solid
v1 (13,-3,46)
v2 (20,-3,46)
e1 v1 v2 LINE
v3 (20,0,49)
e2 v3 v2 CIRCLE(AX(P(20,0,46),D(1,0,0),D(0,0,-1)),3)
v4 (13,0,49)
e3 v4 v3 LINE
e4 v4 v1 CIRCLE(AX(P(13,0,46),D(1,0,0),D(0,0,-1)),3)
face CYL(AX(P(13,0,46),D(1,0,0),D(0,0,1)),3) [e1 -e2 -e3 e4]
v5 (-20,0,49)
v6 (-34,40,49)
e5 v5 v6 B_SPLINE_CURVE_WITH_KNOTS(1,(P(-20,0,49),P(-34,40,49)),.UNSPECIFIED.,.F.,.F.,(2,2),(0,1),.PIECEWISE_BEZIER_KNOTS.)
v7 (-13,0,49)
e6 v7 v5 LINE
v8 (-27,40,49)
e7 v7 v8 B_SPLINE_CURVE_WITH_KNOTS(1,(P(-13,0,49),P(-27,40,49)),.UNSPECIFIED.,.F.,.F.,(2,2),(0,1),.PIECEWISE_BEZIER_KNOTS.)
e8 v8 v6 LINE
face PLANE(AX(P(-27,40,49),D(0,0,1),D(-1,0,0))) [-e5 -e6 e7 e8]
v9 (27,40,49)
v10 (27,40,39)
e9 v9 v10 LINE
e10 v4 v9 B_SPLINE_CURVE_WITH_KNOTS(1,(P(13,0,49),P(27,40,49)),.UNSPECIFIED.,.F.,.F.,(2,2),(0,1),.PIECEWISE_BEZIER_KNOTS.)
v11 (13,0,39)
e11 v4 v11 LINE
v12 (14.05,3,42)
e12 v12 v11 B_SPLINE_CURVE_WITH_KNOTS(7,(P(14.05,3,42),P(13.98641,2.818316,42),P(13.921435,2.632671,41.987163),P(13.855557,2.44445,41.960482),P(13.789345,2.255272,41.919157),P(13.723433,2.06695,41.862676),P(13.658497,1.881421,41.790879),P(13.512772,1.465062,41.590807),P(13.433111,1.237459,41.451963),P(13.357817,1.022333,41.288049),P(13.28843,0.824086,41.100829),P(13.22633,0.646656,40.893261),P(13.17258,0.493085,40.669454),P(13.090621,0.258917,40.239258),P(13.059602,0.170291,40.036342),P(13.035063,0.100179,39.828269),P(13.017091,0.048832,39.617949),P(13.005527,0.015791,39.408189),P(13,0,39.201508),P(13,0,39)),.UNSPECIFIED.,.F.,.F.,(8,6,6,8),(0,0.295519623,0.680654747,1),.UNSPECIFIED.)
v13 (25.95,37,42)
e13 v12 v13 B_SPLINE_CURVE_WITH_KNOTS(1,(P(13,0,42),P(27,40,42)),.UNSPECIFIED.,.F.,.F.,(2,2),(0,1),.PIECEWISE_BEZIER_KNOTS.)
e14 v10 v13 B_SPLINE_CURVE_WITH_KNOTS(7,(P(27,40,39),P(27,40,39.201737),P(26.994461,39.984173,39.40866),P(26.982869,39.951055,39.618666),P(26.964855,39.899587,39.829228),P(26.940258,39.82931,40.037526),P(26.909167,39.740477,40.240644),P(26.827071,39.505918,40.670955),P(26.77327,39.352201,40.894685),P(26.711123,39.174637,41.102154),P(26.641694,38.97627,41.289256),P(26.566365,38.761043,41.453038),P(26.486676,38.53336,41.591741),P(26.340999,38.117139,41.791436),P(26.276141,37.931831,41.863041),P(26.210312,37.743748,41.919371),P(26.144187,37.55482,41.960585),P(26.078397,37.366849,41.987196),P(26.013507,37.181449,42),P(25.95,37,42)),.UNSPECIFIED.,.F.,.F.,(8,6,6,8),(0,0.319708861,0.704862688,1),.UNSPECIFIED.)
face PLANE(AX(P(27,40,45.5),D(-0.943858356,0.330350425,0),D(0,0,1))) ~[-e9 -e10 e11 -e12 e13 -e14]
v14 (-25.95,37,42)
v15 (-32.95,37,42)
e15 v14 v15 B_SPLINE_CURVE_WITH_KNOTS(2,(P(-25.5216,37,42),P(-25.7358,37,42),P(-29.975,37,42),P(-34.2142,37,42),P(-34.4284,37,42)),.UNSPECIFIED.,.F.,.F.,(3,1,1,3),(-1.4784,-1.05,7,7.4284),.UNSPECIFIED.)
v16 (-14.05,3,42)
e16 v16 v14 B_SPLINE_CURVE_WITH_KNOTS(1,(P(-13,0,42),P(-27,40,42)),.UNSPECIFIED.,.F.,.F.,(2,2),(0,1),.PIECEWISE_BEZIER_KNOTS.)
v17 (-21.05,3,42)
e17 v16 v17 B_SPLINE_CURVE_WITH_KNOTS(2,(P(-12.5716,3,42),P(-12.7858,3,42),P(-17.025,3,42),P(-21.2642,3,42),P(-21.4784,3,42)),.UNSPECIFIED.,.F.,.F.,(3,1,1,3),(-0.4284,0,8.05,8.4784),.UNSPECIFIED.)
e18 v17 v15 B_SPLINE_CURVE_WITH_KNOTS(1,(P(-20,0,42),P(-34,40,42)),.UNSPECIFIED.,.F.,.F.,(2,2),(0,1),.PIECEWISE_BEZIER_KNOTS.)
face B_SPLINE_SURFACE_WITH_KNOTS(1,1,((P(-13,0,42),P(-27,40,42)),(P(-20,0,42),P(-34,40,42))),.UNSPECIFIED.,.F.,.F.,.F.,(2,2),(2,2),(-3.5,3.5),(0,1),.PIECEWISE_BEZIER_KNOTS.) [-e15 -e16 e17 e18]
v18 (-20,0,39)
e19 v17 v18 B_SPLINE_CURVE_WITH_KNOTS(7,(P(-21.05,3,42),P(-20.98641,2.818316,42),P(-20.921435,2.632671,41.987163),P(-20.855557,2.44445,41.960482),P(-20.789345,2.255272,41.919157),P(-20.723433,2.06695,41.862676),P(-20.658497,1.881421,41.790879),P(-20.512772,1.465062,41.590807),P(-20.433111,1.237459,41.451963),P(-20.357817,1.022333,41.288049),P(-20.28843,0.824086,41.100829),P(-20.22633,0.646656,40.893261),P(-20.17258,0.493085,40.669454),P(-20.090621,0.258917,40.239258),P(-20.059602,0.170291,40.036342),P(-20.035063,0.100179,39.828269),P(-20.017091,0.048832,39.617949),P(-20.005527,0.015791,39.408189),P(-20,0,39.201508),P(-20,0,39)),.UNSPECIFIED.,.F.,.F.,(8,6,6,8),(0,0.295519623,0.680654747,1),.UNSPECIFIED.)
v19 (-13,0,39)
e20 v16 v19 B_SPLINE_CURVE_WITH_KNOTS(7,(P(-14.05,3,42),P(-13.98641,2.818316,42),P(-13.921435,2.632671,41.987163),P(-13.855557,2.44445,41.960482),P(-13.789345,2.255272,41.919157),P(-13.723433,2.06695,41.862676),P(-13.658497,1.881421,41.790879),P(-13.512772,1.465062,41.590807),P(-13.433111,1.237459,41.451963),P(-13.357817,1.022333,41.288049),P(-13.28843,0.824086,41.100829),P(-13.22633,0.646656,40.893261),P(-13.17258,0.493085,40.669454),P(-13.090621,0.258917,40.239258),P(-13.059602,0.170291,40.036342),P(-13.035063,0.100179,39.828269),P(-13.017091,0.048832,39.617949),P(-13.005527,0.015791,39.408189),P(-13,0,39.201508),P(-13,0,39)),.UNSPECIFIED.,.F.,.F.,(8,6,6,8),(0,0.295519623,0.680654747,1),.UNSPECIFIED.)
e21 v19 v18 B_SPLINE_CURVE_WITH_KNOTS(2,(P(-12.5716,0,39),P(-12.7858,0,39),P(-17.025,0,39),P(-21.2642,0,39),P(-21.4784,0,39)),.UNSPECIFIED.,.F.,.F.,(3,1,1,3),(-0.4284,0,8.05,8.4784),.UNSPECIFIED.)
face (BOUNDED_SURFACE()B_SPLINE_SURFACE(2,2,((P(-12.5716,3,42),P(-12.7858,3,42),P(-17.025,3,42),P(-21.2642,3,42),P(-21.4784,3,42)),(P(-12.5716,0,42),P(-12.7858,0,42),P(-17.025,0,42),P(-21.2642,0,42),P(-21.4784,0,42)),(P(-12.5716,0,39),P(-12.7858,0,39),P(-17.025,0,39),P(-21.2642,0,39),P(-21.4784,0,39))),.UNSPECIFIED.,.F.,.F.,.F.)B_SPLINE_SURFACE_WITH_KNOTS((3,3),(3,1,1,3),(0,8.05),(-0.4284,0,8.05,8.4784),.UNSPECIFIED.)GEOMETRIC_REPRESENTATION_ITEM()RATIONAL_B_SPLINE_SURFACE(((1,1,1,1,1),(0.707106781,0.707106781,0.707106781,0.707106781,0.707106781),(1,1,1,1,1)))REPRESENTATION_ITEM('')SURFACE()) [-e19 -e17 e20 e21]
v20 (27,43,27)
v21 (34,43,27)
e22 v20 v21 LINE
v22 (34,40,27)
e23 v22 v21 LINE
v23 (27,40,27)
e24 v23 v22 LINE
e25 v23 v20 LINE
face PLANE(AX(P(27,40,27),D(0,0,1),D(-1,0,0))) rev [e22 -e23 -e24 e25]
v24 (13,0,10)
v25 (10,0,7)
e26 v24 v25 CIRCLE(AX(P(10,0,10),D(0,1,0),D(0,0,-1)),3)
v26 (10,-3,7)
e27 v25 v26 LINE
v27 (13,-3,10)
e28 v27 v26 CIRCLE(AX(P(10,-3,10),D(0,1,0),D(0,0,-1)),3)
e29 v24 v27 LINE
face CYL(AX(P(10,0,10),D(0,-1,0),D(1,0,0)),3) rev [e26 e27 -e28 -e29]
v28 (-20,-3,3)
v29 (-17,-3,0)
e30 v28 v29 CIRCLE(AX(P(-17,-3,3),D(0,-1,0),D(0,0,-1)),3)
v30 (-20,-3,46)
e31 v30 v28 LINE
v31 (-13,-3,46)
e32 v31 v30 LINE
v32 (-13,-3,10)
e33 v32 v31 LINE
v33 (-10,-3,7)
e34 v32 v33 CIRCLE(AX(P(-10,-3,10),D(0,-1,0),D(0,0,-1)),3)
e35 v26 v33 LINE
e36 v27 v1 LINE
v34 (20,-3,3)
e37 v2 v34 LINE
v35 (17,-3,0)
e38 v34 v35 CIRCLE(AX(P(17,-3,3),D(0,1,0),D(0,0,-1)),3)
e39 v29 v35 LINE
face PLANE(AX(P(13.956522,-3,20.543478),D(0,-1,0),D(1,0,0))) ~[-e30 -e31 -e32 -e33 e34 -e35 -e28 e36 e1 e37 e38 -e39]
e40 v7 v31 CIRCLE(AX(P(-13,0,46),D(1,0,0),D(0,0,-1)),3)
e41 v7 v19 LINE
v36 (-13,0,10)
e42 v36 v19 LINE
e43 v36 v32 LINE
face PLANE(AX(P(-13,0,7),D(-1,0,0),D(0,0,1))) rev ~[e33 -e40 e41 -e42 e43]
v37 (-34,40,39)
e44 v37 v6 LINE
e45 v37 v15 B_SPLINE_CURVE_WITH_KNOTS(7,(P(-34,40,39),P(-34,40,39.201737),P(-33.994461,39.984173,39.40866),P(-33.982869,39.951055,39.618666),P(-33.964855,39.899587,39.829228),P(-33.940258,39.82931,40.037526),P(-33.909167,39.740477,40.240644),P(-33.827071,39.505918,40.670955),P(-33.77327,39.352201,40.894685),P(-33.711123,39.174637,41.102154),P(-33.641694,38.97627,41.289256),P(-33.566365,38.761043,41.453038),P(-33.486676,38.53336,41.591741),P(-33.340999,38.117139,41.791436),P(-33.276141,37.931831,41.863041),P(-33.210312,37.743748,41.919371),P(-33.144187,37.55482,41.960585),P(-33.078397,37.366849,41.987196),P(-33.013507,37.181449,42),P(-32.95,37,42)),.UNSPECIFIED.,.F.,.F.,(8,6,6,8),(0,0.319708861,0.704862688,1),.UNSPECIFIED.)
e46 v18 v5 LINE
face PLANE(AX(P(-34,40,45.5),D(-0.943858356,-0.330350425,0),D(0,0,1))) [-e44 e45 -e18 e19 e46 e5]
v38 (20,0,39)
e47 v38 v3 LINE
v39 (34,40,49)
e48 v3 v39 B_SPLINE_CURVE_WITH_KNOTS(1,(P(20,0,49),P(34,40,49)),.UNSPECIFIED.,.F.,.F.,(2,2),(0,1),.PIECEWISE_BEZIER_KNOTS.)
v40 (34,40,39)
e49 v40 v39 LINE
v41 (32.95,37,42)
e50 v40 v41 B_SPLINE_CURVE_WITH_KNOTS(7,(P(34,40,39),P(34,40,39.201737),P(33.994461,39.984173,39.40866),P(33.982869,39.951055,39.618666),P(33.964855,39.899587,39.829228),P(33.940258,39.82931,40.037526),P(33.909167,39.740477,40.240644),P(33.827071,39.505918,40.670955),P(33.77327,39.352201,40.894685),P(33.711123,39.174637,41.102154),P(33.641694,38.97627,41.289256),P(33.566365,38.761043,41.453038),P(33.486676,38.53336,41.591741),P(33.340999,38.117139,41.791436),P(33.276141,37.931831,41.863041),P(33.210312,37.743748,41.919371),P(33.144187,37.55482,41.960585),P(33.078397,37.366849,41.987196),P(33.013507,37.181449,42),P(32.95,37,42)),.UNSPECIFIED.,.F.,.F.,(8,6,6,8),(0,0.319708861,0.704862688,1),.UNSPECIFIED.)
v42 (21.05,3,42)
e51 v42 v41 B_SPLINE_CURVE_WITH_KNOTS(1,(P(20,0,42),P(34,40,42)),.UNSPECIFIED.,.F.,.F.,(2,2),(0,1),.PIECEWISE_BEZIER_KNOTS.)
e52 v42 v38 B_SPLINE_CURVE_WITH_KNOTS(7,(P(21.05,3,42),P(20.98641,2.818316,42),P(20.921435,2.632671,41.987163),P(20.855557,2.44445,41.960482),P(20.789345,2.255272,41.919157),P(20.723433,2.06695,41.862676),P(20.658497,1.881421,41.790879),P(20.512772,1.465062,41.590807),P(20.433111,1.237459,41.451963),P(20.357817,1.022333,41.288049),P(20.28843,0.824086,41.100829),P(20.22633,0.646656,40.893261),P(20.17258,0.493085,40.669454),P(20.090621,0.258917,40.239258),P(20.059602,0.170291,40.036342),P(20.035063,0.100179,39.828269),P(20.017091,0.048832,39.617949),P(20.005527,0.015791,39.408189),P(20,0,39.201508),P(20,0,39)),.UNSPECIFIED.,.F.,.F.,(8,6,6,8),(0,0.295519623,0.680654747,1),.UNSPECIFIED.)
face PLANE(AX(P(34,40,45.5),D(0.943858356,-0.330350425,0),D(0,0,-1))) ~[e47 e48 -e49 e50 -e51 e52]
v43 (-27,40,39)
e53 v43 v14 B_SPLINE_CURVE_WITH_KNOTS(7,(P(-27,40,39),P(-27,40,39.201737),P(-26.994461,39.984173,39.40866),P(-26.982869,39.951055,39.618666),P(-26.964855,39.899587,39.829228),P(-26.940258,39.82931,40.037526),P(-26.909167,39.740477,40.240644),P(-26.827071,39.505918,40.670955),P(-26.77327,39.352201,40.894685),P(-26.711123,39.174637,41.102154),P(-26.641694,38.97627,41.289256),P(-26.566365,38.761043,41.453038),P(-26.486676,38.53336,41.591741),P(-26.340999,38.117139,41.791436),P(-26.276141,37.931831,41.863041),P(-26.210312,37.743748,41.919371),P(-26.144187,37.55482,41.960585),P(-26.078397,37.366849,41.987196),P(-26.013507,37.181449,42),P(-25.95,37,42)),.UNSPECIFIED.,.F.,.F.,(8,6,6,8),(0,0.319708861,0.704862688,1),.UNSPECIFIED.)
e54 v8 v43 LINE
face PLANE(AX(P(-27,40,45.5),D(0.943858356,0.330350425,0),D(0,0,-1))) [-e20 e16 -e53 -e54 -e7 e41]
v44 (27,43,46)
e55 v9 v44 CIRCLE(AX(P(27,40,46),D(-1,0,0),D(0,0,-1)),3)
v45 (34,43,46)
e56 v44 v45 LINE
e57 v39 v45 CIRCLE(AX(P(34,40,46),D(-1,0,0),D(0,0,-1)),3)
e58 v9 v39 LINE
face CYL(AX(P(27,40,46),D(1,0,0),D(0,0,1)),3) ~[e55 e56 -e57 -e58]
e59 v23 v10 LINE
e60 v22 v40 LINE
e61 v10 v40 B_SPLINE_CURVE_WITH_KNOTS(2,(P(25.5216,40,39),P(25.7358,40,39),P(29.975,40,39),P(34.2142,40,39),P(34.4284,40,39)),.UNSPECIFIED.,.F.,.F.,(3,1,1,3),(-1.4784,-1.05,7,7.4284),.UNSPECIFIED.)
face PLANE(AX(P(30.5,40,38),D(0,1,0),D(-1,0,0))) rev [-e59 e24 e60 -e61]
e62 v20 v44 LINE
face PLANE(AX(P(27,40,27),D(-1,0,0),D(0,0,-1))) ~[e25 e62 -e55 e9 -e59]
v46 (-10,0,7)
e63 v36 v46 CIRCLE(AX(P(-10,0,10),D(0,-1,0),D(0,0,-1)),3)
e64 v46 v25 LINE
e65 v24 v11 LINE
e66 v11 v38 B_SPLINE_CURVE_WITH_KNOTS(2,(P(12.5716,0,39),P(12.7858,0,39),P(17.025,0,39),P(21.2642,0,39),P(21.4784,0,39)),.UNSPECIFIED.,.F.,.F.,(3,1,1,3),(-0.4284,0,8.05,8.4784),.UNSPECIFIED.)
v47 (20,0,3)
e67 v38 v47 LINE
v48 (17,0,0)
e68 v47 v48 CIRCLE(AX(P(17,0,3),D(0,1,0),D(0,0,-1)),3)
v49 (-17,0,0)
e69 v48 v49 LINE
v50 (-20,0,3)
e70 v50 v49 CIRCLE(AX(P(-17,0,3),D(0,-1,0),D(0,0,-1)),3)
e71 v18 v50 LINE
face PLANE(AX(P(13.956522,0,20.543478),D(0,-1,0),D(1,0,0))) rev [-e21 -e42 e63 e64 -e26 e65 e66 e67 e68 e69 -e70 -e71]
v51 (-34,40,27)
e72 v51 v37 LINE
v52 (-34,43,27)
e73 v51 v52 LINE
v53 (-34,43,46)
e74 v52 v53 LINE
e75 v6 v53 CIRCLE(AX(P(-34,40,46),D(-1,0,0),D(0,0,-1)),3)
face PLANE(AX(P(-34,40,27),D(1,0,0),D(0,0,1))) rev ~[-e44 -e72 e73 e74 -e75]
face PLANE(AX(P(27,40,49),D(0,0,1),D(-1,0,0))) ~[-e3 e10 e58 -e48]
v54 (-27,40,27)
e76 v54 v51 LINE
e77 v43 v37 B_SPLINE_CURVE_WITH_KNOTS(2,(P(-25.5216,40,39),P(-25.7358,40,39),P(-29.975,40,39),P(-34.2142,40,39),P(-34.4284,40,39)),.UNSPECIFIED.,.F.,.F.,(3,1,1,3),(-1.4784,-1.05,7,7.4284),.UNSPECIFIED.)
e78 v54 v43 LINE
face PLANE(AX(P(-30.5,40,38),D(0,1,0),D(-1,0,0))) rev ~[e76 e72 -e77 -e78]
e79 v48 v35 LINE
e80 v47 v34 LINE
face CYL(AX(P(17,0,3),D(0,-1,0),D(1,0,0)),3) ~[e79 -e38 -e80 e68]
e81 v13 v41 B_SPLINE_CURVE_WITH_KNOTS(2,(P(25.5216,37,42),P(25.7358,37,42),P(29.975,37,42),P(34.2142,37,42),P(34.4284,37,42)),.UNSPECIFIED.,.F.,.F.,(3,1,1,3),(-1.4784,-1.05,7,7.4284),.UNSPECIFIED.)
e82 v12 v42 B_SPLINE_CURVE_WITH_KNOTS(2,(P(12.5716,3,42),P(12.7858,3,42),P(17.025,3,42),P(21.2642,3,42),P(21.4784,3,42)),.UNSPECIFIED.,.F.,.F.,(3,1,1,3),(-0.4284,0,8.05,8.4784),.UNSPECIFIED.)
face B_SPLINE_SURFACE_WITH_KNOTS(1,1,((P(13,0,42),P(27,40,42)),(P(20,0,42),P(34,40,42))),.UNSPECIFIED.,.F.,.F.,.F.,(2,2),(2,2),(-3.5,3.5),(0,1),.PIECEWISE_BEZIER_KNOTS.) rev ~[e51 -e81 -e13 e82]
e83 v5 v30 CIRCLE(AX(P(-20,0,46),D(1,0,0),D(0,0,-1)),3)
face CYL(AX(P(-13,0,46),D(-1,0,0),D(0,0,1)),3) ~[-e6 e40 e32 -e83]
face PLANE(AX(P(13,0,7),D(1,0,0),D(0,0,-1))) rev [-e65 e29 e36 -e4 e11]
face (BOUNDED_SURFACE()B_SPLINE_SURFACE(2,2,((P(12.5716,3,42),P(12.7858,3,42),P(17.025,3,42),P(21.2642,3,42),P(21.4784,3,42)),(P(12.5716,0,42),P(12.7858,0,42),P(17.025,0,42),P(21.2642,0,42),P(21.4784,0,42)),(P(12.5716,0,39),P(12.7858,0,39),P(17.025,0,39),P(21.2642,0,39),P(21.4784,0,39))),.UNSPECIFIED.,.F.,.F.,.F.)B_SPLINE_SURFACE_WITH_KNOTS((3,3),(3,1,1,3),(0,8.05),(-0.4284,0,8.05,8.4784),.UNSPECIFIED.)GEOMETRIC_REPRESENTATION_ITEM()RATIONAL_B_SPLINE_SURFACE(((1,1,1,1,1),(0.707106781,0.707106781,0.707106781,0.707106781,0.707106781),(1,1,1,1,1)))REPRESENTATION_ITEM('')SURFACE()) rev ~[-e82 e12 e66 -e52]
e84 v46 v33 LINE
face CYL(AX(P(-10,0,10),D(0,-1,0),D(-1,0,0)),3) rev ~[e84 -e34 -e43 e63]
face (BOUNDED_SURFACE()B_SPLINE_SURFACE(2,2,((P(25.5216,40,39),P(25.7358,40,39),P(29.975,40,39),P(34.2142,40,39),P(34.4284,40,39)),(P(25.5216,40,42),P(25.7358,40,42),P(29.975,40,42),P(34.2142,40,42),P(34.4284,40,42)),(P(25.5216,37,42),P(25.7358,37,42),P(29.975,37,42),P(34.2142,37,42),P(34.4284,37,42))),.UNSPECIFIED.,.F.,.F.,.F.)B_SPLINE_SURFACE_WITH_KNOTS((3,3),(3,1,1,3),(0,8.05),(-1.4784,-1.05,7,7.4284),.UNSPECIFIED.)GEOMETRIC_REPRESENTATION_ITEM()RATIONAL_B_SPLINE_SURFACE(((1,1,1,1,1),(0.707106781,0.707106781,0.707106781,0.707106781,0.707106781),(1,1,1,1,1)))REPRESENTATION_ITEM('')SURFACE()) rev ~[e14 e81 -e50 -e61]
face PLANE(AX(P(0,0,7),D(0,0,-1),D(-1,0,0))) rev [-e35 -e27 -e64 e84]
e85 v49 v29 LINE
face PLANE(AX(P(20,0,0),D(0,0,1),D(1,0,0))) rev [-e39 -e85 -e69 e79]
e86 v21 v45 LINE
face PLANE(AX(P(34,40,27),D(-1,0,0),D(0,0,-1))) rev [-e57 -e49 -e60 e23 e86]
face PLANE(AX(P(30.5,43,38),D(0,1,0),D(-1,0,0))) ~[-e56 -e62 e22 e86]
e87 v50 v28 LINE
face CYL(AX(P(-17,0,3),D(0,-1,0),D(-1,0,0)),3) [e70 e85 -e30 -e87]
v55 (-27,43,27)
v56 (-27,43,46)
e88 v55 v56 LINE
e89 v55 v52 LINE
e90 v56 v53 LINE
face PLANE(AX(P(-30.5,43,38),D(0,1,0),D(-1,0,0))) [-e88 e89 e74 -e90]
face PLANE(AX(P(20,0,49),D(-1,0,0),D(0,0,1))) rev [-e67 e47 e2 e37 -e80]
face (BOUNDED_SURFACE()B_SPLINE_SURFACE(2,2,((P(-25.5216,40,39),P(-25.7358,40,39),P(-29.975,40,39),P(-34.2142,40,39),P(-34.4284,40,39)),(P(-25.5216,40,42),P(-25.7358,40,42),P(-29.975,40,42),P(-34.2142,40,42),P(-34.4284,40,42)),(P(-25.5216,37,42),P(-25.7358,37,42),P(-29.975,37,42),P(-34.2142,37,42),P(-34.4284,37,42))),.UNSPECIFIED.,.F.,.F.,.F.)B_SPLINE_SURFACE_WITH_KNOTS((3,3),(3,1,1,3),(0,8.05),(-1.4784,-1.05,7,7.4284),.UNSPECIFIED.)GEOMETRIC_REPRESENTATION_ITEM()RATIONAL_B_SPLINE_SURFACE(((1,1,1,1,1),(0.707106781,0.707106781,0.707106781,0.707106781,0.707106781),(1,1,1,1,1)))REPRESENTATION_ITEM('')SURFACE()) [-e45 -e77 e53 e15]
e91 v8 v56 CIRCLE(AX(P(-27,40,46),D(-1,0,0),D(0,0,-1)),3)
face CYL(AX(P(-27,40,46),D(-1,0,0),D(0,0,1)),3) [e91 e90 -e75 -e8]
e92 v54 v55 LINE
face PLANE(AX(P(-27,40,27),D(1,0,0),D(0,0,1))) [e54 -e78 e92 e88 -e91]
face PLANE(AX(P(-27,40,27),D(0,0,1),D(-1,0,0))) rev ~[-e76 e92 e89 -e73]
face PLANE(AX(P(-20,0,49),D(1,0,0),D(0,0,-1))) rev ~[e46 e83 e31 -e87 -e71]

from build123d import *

# Parameters (mm, degrees)
F1_DEPTH = 3
F2_W     = 7
F2_H     = 7
F4_W     = 7
F4_H     = 7
F6_W     = 7
F6_H     = 22
F7_DEPTH = 3
F8_R     = 3


with BuildPart() as f1:
    # F0 (on Front) → F1 (new body)
    with BuildSketch(Plane.XZ):
        Polygon((-13, 49), (-20, 49), (-20, 0), (0, 0), (0, 7), (-13, 7), align=None)
    extrude(amount=F1_DEPTH)

    # F2 (on face) → F5 section 0
    with BuildSketch(Plane(origin=(0, 0, 0), x_dir=(-1, 0, 0), z_dir=(0, 1, 0))):
        with Locations((16.5, 45.5)):
            Rectangle(F2_W, F2_H)
    # F4 (on offset) → F5 section 1
    with BuildSketch(Plane(origin=(0, 40, 0), x_dir=(-1, 0, 0), z_dir=(0, 1, 0))):
        with Locations((30.5, 45.5)):
            Rectangle(F4_W, F4_H)
    loft()

    # F6 (on face) → F7 (join)
    with BuildSketch(Plane(origin=(0, 40, 0), x_dir=(-1, 0, 0), z_dir=(0, 1, 0))):
        with Locations((30.5, 38)):
            Rectangle(F6_W, F6_H)
    extrude(amount=F7_DEPTH)

    # F8
    f8_edges = [f1.edges().sort_by_distance(p)[0] for p in [
        (-13, -1.5, 7),
        (-20, -1.5, 0),
        (-16.5, -3, 49),
        (-16.5, 0, 42),
        (-30.5, 40, 42),
        (-30.5, 43, 49),
    ]]
    fillet(f8_edges, radius=F8_R)

    # F9: F1 across plane


with BuildPart() as f1_1:
    add(f1.part)
    add(f1.part.mirror(Plane.YZ))


solid = f1_1.part
